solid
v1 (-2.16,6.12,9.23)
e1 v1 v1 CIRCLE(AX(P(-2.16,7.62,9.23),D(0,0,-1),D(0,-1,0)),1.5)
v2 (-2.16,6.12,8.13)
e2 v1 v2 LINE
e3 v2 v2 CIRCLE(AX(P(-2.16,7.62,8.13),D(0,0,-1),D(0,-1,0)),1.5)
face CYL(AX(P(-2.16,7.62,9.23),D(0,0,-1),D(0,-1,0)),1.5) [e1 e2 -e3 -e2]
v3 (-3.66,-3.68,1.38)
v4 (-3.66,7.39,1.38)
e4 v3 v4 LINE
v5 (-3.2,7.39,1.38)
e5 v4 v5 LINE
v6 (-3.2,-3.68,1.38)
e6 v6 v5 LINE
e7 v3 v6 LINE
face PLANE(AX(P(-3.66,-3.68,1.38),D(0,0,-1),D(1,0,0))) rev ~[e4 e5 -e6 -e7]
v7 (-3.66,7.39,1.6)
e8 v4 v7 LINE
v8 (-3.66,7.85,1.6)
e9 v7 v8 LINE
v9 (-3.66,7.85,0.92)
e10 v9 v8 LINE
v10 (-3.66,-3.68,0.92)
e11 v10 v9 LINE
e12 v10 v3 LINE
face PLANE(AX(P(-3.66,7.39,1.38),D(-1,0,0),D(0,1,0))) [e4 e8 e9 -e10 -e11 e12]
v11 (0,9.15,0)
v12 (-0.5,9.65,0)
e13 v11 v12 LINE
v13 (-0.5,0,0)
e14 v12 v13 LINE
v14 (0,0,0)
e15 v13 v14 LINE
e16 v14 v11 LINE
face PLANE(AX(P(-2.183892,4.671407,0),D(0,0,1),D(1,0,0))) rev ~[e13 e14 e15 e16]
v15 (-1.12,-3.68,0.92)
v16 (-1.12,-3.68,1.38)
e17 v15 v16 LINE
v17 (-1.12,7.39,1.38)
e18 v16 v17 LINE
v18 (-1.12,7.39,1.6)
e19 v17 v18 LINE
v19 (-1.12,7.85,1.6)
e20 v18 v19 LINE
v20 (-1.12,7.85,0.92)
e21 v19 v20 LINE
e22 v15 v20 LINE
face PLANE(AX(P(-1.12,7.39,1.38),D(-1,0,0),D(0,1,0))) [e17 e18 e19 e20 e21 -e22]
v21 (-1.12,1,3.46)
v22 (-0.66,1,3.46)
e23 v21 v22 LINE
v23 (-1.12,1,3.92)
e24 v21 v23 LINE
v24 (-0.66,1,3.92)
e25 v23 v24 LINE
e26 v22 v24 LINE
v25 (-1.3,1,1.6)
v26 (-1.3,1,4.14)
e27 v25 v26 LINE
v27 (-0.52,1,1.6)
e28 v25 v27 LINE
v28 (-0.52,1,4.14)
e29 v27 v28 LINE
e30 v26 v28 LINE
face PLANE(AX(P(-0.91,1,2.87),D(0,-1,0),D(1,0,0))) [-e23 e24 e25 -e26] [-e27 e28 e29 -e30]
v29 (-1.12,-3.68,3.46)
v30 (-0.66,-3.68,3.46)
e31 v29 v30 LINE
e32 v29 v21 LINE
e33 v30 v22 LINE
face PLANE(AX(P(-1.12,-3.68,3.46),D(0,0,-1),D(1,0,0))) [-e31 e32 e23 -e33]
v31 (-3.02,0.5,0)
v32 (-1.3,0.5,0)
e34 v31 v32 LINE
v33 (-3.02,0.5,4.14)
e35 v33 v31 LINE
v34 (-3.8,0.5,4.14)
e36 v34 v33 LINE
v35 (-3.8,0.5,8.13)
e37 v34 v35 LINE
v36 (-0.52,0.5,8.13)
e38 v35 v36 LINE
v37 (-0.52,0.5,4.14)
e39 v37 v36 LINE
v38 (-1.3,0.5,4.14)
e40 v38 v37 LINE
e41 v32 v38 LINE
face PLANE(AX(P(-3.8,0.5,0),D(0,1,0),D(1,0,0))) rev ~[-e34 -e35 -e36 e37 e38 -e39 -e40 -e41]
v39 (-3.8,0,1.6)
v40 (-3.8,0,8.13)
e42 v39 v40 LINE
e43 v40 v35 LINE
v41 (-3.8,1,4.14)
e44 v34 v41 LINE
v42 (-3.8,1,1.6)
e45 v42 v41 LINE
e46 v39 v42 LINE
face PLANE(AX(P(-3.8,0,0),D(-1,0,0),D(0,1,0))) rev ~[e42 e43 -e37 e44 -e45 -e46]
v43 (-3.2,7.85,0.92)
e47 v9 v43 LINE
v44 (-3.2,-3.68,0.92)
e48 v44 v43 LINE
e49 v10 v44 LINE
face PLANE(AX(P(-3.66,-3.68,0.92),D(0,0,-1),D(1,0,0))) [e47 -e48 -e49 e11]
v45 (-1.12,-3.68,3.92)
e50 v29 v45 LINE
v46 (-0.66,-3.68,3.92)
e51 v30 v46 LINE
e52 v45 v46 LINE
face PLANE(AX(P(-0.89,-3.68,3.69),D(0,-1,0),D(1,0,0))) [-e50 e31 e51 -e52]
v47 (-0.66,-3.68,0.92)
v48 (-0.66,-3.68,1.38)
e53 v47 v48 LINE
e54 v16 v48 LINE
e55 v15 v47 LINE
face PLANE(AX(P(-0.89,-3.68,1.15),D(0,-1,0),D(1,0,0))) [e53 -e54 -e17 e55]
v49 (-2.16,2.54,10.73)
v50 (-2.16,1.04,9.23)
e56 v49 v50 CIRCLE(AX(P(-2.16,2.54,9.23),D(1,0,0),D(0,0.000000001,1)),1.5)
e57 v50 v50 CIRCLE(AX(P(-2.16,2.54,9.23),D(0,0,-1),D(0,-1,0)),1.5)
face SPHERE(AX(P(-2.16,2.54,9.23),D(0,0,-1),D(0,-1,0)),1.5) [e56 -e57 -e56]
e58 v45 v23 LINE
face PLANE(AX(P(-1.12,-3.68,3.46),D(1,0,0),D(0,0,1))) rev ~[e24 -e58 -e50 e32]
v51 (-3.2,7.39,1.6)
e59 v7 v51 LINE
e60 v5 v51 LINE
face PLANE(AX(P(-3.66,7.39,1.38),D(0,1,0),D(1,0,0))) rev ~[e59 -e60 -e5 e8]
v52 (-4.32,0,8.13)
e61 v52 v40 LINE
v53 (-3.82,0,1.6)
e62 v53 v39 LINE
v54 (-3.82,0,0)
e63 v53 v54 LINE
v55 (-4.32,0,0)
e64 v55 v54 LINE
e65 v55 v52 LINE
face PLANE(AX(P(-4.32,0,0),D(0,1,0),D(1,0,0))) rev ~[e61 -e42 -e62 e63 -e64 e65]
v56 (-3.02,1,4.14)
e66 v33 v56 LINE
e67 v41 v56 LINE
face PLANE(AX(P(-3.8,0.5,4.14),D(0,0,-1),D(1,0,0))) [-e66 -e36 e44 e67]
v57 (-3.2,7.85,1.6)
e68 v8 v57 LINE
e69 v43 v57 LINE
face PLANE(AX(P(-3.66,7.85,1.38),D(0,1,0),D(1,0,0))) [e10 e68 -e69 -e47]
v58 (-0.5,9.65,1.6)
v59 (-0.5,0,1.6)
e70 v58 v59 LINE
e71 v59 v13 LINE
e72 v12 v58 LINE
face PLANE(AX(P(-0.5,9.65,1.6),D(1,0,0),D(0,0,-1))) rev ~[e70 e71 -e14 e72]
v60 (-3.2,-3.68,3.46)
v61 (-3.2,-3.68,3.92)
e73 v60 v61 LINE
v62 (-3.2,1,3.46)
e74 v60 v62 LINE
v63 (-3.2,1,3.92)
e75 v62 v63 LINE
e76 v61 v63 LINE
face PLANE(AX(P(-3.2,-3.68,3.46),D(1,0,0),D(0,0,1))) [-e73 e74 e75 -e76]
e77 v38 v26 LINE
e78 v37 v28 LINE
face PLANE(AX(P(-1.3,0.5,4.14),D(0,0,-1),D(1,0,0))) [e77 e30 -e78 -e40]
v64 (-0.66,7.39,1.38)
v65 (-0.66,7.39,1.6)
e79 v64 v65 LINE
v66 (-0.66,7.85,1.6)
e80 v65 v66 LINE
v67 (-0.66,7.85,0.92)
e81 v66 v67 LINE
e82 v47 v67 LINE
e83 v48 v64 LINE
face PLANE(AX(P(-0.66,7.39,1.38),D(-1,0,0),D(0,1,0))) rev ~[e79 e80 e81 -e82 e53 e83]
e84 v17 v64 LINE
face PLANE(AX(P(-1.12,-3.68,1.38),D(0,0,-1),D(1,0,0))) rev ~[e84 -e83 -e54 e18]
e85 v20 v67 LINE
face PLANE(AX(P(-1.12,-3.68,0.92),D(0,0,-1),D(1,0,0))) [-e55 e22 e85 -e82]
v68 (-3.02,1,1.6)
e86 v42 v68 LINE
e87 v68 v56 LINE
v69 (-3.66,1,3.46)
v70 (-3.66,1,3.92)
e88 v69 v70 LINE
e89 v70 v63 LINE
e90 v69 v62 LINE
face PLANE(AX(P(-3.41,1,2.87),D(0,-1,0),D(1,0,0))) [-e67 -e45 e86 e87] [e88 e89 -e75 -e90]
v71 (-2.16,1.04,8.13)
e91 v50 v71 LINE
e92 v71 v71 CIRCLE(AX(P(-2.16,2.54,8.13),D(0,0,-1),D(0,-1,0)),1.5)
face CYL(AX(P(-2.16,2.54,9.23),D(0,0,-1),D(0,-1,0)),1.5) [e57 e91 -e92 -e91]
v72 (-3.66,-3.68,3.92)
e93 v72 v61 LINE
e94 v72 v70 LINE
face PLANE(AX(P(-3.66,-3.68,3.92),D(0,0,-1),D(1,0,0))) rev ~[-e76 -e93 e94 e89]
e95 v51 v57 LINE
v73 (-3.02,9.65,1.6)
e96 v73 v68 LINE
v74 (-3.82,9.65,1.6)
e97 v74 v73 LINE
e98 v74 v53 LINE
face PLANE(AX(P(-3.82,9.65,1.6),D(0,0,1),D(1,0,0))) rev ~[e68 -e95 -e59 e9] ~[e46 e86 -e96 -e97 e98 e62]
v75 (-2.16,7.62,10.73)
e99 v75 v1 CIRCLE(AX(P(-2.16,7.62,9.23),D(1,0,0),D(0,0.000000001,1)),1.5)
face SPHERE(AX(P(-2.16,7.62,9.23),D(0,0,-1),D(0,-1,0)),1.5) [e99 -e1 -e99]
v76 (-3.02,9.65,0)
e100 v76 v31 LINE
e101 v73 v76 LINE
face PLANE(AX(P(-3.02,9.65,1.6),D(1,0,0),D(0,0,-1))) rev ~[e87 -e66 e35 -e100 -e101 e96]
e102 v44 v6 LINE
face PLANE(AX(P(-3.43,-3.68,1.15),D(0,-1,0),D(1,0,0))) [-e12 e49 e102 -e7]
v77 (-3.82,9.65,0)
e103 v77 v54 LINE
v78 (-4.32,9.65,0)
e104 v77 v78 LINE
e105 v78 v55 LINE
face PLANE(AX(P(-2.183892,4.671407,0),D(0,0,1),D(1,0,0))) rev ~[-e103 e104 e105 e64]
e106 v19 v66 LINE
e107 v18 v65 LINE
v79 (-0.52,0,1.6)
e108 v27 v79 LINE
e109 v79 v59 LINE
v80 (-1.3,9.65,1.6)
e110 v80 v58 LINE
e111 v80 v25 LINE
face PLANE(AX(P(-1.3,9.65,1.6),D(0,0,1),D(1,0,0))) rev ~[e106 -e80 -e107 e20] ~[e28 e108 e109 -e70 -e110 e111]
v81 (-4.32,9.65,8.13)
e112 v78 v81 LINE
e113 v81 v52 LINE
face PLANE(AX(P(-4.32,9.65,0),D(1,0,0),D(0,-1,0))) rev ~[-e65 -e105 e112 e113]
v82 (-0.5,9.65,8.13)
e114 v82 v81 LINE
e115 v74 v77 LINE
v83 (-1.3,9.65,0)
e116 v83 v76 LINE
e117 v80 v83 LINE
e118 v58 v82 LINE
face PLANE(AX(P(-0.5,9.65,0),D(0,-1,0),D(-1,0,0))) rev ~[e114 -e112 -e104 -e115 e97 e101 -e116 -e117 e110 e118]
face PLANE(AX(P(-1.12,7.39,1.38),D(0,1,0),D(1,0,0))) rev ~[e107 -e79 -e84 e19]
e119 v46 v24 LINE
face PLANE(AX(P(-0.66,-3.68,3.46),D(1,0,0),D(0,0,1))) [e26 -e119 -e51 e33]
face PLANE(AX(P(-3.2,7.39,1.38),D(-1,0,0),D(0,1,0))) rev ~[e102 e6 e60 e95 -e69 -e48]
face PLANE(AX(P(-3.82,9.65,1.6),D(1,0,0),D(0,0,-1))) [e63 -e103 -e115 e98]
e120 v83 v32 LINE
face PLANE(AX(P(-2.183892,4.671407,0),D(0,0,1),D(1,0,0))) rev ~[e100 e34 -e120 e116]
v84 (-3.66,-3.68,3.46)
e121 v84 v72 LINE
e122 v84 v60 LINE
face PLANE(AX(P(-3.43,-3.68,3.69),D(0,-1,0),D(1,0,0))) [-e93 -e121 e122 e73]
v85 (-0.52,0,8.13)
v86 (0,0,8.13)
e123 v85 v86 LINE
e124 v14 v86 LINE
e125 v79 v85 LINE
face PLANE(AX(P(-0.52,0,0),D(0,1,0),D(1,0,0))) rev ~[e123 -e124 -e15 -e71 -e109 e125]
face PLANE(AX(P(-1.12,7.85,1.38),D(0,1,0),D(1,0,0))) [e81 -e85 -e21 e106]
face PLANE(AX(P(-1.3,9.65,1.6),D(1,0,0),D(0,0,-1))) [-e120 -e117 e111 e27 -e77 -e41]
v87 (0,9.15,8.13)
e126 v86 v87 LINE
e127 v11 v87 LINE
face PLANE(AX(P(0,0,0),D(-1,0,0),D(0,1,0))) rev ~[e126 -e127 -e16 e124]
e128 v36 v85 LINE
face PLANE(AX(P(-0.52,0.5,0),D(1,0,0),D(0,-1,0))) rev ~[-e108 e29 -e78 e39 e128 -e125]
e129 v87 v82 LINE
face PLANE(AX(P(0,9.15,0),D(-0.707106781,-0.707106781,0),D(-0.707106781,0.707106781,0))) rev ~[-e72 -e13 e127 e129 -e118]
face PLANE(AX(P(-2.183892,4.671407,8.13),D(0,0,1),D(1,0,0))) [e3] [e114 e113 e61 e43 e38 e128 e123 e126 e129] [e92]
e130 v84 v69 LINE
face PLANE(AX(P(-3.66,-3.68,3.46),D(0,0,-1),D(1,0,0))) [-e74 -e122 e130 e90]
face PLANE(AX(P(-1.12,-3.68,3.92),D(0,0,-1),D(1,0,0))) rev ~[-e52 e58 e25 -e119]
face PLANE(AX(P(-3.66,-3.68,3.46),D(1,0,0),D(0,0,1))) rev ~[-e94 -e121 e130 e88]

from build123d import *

# Parameters (mm, degrees)
EXTRUSION1_DEPTH   = 8.13
ESQUISSE2_W        = 0.8
ESQUISSE2_H        = 1.6
EXTRUSION2_DEPTH   = 10.55
ESQUISSE4_W        = 0.78
ESQUISSE4_H        = 2.54
EXTRUSION3_DEPTH   = 0.5
ESQUISSE5_W        = 0.46
ESQUISSE5_H        = 0.46
EXTRUSION4_DEPTH   = 4.68
ESQUISSE6_W        = 0.46
ESQUISSE6_H        = 0.46
EXTRUSION5_DEPTH   = 11.53
EXTRUSION5_2_DEPTH = 11.53
ESQUISSE7_W        = 0.46
ESQUISSE7_H        = 0.46
EXTRUSION6_DEPTH   = 0.22


with BuildPart() as part:
    # Esquisse1 → Extrusion1 (new body)
    with BuildSketch(Plane.XY):
        Polygon((-3.8, 0), (-3.8, 0.5), (-0.52, 0.5), (-0.52, 0), (0, 0), (0, 9.15), (-0.5, 9.65), (-4.32, 9.65), (-4.32, 0), align=None)
    extrude(amount=EXTRUSION1_DEPTH)

    # Esquisse2 → Extrusion2 (cut)
    with BuildSketch(Plane(origin=(0, 9.65, 0), x_dir=(1, 0, 0), z_dir=(0, 1, 0))):
        with Locations((-0.9, -0.8)):
            Rectangle(ESQUISSE2_W, ESQUISSE2_H)
        with Locations((-3.42, -0.8)):
            Rectangle(ESQUISSE2_W, ESQUISSE2_H)
    extrude(amount=-EXTRUSION2_DEPTH, mode=Mode.SUBTRACT)

    # Esquisse4 → Extrusion3 (cut)
    with BuildSketch(Plane.XZ.offset(-0.5)):
        with Locations((-3.41, 2.87)):
            Rectangle(ESQUISSE4_W, ESQUISSE4_H)
        with Locations((-0.91, 2.87)):
            Rectangle(ESQUISSE4_W, ESQUISSE4_H)
    extrude(amount=-EXTRUSION3_DEPTH, mode=Mode.SUBTRACT)

    # Esquisse5 → Extrusion4 (add)
    with BuildSketch(Plane.XZ.offset(3.68)):
        with Locations((-3.43, 3.69)):
            Rectangle(ESQUISSE5_W, ESQUISSE5_H)
        with Locations((-0.89, 3.69)):
            Rectangle(ESQUISSE5_W, ESQUISSE5_H)
    extrude(amount=-EXTRUSION4_DEPTH)



with BuildPart() as body_2:
    # Esquisse6 → Extrusion5 (new body)
    with BuildSketch(Plane.XZ.offset(3.68)):
        with Locations((-3.43, 1.15)):
            Rectangle(ESQUISSE6_W, ESQUISSE6_H)
    extrude(amount=-EXTRUSION5_DEPTH)


with BuildPart() as body_3:
    # Esquisse6 → Extrusion5 2 (new body)
    with BuildSketch(Plane.XZ.offset(3.68)):
        with Locations((-0.89, 1.15)):
            Rectangle(ESQUISSE6_W, ESQUISSE6_H)
    extrude(amount=-EXTRUSION5_2_DEPTH)


with BuildPart() as part_1:
    add(part.part)

    add(body_2.part)  # Extrusion6 merges body 2

    add(body_3.part)  # Extrusion6 merges body 3
    # Esquisse7 → Extrusion6 (add)
    with BuildSketch(Plane.XY.offset(1.38)):
        with Locations((-0.89, 7.62)):
            Rectangle(ESQUISSE7_W, ESQUISSE7_H)
        with Locations((-3.43, 7.62)):
            Rectangle(ESQUISSE7_W, ESQUISSE7_H)
    extrude(amount=EXTRUSION6_DEPTH)

    # Esquisse9 → Révolution1 (revolve)
    with BuildSketch(Plane(origin=(-2.16, 0, 0), x_dir=(0, 0, -1), z_dir=(1, 0, 0))):
        with BuildLine():
            Line((-9.23, 1.04), (-8.13, 1.04))
            Line((-8.13, 1.04), (-8.13, 2.54))
            Line((-8.13, 2.54), (-10.73, 2.54))
            ThreePointArc((-10.73, 2.54), (-10.290660172, 1.479339828), (-9.23, 1.04))
        make_face()
    revolve(axis=Axis((-2.16, 2.54, 13.741236879), (0, 0, -1)))

    # Esquisse10 → Révolution2 (revolve)
    with BuildSketch(Plane(origin=(-2.16, 0, 0), x_dir=(0, 0, -1), z_dir=(1, 0, 0))):
        with BuildLine():
            Line((-9.23, 6.12), (-8.13, 6.12))
            Line((-8.13, 6.12), (-8.13, 7.62))
            Line((-8.13, 7.62), (-10.73, 7.62))
            ThreePointArc((-10.73, 7.62), (-10.290660172, 6.559339828), (-9.23, 6.12))
        make_face()
    revolve(axis=Axis((-2.16, 7.62, 13.129927016), (0, 0, -1)))


solid = part_1.part
